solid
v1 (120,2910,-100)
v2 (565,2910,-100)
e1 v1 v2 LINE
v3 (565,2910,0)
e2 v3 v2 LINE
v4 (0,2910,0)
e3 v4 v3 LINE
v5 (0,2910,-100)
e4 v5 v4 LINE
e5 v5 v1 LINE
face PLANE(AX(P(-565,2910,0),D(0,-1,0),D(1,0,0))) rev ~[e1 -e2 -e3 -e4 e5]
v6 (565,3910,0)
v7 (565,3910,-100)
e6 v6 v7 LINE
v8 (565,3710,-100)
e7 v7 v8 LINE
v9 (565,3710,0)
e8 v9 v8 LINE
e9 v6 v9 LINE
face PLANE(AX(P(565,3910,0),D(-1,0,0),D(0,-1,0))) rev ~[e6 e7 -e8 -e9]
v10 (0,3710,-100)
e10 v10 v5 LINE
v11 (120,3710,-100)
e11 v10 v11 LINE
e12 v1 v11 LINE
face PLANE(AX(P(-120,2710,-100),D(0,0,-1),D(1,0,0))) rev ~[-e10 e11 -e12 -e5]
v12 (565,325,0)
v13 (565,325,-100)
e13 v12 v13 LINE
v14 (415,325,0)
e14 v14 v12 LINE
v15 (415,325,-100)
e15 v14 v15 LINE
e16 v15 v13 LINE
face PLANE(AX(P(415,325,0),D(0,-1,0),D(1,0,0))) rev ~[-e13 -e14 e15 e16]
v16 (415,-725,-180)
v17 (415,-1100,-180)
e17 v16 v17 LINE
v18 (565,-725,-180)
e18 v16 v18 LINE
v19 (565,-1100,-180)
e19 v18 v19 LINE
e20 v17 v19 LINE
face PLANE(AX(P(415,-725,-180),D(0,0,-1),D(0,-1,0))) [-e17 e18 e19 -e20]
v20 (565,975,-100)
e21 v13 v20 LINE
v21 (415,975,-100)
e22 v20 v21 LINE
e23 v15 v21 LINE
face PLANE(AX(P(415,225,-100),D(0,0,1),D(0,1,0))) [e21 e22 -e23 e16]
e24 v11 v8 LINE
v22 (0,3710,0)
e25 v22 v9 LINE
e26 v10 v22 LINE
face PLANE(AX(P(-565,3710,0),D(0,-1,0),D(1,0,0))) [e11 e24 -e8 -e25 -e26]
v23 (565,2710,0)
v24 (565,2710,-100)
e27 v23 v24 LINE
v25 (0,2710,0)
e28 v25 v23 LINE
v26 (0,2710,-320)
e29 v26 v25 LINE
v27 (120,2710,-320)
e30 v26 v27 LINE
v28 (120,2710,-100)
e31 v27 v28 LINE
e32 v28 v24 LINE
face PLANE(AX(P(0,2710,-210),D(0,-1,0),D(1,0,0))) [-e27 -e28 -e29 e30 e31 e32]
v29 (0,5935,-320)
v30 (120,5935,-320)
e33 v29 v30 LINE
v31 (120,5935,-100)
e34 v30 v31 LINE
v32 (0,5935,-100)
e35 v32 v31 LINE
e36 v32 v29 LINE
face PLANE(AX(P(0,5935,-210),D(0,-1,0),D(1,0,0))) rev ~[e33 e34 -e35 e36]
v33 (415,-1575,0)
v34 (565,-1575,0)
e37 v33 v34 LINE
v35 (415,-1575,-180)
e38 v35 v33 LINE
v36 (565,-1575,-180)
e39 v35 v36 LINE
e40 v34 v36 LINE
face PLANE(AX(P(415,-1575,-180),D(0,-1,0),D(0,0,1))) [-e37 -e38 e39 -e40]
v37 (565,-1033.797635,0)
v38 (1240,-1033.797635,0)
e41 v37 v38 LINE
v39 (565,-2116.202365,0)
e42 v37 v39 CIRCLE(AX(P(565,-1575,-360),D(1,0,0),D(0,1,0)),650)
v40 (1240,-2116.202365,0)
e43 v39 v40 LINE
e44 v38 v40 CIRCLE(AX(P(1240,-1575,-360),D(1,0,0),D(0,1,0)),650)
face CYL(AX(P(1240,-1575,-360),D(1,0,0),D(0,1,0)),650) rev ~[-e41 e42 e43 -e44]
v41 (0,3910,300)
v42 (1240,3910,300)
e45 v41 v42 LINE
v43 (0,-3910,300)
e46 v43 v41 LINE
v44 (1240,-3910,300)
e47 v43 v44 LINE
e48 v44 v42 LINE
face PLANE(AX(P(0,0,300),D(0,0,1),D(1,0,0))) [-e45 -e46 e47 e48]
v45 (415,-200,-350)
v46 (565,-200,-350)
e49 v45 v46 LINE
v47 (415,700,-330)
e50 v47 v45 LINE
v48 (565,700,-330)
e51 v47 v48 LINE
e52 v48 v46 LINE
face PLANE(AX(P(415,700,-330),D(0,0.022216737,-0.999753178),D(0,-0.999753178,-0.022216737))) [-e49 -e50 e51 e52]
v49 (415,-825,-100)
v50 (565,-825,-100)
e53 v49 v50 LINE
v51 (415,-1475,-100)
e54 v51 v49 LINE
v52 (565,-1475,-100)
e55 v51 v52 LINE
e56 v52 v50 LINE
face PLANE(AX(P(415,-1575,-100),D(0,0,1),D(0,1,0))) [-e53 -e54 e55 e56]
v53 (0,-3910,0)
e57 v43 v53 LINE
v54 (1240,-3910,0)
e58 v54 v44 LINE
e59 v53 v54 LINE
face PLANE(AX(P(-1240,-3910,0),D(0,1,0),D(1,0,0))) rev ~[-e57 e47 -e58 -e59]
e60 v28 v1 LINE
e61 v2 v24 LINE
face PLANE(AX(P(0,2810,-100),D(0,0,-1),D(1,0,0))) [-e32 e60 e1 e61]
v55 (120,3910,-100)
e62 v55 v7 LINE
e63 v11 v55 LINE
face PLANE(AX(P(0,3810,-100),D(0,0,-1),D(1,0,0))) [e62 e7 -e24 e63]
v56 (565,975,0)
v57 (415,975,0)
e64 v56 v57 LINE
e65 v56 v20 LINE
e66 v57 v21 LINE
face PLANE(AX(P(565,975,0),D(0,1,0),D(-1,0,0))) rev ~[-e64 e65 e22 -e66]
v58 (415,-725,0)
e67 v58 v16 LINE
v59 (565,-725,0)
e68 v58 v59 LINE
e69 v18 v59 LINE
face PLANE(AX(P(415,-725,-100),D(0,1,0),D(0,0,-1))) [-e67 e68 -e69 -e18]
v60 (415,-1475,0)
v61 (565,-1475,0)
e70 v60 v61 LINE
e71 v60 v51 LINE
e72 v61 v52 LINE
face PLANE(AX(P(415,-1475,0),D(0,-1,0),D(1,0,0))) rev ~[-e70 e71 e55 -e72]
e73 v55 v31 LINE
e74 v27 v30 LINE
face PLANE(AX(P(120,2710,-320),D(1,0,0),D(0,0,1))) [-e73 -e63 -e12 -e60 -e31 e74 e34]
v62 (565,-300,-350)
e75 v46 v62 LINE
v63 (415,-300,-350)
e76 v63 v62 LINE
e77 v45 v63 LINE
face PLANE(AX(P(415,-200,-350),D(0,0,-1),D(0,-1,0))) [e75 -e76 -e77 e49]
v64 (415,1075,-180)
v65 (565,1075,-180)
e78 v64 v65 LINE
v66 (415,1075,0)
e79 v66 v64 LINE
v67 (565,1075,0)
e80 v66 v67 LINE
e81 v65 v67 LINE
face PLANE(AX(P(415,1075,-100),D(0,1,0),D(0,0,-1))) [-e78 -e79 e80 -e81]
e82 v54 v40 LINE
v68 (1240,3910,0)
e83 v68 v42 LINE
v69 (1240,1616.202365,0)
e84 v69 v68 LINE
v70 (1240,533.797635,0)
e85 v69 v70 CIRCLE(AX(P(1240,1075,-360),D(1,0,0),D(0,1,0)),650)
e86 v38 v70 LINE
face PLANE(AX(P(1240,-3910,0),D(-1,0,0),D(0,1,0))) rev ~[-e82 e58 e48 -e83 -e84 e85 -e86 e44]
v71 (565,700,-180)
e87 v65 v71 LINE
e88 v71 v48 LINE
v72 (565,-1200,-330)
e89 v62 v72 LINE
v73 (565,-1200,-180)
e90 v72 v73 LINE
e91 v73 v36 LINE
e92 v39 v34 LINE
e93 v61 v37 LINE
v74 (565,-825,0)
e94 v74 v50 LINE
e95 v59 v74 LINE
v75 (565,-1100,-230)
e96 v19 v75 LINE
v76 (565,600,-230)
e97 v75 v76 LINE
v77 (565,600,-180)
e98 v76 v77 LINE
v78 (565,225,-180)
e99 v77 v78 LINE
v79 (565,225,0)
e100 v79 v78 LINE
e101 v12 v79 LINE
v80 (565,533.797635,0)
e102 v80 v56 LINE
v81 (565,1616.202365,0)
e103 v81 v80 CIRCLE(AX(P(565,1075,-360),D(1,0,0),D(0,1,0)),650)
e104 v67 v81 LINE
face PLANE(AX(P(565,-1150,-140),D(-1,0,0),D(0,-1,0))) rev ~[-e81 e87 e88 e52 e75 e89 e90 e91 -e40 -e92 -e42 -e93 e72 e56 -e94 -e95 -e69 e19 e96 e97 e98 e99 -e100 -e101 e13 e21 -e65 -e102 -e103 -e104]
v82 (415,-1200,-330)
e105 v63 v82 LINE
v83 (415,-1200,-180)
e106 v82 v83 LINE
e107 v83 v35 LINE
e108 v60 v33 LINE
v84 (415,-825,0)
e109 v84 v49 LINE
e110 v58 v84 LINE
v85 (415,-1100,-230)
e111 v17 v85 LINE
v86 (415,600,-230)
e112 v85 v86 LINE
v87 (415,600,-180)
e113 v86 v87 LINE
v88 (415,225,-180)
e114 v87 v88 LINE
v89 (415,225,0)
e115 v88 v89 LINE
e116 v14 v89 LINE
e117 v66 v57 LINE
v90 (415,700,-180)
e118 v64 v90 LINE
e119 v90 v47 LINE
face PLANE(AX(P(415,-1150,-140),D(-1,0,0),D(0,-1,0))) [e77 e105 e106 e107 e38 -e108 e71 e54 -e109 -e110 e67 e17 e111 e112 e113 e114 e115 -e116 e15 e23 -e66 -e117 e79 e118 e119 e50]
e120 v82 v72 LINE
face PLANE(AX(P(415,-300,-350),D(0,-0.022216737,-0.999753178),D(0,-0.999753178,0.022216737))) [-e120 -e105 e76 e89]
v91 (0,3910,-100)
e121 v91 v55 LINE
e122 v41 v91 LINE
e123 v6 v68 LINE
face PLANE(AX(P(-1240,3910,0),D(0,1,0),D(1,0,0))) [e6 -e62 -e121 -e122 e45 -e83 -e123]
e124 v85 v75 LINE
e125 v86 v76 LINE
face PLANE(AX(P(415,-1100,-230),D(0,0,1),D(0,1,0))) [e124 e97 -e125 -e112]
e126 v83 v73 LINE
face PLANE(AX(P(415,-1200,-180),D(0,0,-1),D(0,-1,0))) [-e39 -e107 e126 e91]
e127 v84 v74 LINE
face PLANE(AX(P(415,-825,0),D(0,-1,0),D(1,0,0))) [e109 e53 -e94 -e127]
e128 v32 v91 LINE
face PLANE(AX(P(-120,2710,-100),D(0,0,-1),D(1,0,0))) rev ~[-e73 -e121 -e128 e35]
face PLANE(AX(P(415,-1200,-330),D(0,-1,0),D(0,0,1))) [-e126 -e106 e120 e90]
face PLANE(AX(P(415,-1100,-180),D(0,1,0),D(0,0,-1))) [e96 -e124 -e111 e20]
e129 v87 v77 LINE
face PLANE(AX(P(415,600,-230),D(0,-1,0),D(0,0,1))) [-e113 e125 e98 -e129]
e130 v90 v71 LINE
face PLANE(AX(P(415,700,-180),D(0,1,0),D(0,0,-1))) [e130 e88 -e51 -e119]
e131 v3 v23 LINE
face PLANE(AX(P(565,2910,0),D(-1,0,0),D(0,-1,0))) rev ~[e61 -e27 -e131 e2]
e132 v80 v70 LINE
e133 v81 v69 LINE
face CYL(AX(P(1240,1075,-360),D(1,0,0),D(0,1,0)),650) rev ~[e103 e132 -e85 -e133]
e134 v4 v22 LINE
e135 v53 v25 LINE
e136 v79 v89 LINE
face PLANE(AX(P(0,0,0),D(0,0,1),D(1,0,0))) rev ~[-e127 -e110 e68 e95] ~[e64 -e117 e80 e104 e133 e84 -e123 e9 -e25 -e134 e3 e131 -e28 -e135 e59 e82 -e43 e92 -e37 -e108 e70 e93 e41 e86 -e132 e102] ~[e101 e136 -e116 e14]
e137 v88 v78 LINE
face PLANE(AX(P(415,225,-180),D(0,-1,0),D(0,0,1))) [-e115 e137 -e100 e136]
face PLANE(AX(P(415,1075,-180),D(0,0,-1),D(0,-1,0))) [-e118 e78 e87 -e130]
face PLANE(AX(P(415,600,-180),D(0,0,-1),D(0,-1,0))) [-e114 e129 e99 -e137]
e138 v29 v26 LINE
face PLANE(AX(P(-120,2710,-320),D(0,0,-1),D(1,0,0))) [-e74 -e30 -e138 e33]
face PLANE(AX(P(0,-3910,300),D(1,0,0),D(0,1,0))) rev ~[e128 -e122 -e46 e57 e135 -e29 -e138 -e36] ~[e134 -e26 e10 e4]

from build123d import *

# Parameters (mm, degrees)
F0_W      = 2480
F0_H      = 7820
F1_DEPTH  = 300
F2_W      = 1130
F2_H      = 200
F2_W_2    = 150
F2_H_2    = 100
F2_W_3    = 75
F3_DEPTH  = 100
F4_W      = 240
F4_H      = 220
F5_DEPTH  = 3225
F6_R      = 650
F7_DEPTH  = 675
F8_W      = 1240
F8_H      = 2025
F8_H_2    = 7820
F9_DEPTH  = 1420
F11_DEPTH = 150


with BuildPart() as f1:
    # F0 (on Top) → F1 (new body)
    with BuildSketch(Plane.XY):
        Rectangle(F0_W, F0_H)
    extrude(amount=F1_DEPTH)

    # F2 (on face) → F3 (join)
    with BuildSketch(Plane(origin=(0, 0, 0), x_dir=(1, 0, 0), z_dir=(0, 0, -1))):
        with Locations((0, -2810)):
            Rectangle(F2_W, F2_H)
        with Locations((0, -3810)):
            Rectangle(F2_W, F2_H)
        with Locations((-490, -1025)):
            Rectangle(F2_W_2, F2_H_2)
        with Locations((452.5, -1025)):
            Rectangle(F2_W_3, F2_H_2)
        with Locations((527.5, -1025)):
            Rectangle(F2_W_3, F2_H_2)
        with Locations((490, 1525)):
            Rectangle(F2_W_2, F2_H_2)
        with Locations((-490, 1525)):
            Rectangle(F2_W_2, F2_H_2)
        with Locations((-490, -275)):
            Rectangle(F2_W_2, F2_H_2)
        with Locations((452.5, -275)):
            Rectangle(F2_W_3, F2_H_2)
        with Locations((527.5, -275)):
            Rectangle(F2_W_3, F2_H_2)
        with Locations((490, 775)):
            Rectangle(F2_W_2, F2_H_2)
        with Locations((-490, 775)):
            Rectangle(F2_W_2, F2_H_2)
    extrude(amount=F3_DEPTH)

    # F4 (on face) → F5 (join)
    with BuildSketch(Plane.XZ.offset(-2710)):
        with Locations((0, -210)):
            Rectangle(F4_W, F4_H)
    extrude(amount=-F5_DEPTH)

    # F6 (on face) → F7 (cut, through all)
    with BuildSketch(Plane.YZ.offset(1240)):
        with Locations((-1575, -360)):
            Circle(F6_R)
        with Locations((1075, -360)):
            Circle(F6_R)
    extrude(amount=-F7_DEPTH, mode=Mode.SUBTRACT)

    # F8 (on face) → F9 (cut)
    with BuildSketch(Plane.XY.offset(300)):
        with Locations((-620, 4922.5)):
            Rectangle(F8_W, F8_H)
        with Locations((-620, 0)):
            Rectangle(F8_W, F8_H_2)
    extrude(amount=-F9_DEPTH, mode=Mode.SUBTRACT)

    # F10 (on face) → F11 (join, through all)
    with BuildSketch(Plane(origin=(415, 0, 0), x_dir=(0, -1, 0), z_dir=(-1, 0, 0))):
        Polygon((1575, -100), (725, -100), (725, -180), (1100, -180), (1200, -180), (1575, -180), align=None)
        Polygon((-700, -180), (-600, -180), (-225, -180), (-225, -100), (-975, -100), (-1075, -100), (-1075, -180), align=None)
        Polygon((1200, -180), (1100, -180), (1100, -230), (-600, -230), (-600, -180), (-700, -180), (-700, -330), (200, -350), (300, -350), (1200, -330), align=None)
    extrude(amount=-F11_DEPTH)


solid = f1.part
